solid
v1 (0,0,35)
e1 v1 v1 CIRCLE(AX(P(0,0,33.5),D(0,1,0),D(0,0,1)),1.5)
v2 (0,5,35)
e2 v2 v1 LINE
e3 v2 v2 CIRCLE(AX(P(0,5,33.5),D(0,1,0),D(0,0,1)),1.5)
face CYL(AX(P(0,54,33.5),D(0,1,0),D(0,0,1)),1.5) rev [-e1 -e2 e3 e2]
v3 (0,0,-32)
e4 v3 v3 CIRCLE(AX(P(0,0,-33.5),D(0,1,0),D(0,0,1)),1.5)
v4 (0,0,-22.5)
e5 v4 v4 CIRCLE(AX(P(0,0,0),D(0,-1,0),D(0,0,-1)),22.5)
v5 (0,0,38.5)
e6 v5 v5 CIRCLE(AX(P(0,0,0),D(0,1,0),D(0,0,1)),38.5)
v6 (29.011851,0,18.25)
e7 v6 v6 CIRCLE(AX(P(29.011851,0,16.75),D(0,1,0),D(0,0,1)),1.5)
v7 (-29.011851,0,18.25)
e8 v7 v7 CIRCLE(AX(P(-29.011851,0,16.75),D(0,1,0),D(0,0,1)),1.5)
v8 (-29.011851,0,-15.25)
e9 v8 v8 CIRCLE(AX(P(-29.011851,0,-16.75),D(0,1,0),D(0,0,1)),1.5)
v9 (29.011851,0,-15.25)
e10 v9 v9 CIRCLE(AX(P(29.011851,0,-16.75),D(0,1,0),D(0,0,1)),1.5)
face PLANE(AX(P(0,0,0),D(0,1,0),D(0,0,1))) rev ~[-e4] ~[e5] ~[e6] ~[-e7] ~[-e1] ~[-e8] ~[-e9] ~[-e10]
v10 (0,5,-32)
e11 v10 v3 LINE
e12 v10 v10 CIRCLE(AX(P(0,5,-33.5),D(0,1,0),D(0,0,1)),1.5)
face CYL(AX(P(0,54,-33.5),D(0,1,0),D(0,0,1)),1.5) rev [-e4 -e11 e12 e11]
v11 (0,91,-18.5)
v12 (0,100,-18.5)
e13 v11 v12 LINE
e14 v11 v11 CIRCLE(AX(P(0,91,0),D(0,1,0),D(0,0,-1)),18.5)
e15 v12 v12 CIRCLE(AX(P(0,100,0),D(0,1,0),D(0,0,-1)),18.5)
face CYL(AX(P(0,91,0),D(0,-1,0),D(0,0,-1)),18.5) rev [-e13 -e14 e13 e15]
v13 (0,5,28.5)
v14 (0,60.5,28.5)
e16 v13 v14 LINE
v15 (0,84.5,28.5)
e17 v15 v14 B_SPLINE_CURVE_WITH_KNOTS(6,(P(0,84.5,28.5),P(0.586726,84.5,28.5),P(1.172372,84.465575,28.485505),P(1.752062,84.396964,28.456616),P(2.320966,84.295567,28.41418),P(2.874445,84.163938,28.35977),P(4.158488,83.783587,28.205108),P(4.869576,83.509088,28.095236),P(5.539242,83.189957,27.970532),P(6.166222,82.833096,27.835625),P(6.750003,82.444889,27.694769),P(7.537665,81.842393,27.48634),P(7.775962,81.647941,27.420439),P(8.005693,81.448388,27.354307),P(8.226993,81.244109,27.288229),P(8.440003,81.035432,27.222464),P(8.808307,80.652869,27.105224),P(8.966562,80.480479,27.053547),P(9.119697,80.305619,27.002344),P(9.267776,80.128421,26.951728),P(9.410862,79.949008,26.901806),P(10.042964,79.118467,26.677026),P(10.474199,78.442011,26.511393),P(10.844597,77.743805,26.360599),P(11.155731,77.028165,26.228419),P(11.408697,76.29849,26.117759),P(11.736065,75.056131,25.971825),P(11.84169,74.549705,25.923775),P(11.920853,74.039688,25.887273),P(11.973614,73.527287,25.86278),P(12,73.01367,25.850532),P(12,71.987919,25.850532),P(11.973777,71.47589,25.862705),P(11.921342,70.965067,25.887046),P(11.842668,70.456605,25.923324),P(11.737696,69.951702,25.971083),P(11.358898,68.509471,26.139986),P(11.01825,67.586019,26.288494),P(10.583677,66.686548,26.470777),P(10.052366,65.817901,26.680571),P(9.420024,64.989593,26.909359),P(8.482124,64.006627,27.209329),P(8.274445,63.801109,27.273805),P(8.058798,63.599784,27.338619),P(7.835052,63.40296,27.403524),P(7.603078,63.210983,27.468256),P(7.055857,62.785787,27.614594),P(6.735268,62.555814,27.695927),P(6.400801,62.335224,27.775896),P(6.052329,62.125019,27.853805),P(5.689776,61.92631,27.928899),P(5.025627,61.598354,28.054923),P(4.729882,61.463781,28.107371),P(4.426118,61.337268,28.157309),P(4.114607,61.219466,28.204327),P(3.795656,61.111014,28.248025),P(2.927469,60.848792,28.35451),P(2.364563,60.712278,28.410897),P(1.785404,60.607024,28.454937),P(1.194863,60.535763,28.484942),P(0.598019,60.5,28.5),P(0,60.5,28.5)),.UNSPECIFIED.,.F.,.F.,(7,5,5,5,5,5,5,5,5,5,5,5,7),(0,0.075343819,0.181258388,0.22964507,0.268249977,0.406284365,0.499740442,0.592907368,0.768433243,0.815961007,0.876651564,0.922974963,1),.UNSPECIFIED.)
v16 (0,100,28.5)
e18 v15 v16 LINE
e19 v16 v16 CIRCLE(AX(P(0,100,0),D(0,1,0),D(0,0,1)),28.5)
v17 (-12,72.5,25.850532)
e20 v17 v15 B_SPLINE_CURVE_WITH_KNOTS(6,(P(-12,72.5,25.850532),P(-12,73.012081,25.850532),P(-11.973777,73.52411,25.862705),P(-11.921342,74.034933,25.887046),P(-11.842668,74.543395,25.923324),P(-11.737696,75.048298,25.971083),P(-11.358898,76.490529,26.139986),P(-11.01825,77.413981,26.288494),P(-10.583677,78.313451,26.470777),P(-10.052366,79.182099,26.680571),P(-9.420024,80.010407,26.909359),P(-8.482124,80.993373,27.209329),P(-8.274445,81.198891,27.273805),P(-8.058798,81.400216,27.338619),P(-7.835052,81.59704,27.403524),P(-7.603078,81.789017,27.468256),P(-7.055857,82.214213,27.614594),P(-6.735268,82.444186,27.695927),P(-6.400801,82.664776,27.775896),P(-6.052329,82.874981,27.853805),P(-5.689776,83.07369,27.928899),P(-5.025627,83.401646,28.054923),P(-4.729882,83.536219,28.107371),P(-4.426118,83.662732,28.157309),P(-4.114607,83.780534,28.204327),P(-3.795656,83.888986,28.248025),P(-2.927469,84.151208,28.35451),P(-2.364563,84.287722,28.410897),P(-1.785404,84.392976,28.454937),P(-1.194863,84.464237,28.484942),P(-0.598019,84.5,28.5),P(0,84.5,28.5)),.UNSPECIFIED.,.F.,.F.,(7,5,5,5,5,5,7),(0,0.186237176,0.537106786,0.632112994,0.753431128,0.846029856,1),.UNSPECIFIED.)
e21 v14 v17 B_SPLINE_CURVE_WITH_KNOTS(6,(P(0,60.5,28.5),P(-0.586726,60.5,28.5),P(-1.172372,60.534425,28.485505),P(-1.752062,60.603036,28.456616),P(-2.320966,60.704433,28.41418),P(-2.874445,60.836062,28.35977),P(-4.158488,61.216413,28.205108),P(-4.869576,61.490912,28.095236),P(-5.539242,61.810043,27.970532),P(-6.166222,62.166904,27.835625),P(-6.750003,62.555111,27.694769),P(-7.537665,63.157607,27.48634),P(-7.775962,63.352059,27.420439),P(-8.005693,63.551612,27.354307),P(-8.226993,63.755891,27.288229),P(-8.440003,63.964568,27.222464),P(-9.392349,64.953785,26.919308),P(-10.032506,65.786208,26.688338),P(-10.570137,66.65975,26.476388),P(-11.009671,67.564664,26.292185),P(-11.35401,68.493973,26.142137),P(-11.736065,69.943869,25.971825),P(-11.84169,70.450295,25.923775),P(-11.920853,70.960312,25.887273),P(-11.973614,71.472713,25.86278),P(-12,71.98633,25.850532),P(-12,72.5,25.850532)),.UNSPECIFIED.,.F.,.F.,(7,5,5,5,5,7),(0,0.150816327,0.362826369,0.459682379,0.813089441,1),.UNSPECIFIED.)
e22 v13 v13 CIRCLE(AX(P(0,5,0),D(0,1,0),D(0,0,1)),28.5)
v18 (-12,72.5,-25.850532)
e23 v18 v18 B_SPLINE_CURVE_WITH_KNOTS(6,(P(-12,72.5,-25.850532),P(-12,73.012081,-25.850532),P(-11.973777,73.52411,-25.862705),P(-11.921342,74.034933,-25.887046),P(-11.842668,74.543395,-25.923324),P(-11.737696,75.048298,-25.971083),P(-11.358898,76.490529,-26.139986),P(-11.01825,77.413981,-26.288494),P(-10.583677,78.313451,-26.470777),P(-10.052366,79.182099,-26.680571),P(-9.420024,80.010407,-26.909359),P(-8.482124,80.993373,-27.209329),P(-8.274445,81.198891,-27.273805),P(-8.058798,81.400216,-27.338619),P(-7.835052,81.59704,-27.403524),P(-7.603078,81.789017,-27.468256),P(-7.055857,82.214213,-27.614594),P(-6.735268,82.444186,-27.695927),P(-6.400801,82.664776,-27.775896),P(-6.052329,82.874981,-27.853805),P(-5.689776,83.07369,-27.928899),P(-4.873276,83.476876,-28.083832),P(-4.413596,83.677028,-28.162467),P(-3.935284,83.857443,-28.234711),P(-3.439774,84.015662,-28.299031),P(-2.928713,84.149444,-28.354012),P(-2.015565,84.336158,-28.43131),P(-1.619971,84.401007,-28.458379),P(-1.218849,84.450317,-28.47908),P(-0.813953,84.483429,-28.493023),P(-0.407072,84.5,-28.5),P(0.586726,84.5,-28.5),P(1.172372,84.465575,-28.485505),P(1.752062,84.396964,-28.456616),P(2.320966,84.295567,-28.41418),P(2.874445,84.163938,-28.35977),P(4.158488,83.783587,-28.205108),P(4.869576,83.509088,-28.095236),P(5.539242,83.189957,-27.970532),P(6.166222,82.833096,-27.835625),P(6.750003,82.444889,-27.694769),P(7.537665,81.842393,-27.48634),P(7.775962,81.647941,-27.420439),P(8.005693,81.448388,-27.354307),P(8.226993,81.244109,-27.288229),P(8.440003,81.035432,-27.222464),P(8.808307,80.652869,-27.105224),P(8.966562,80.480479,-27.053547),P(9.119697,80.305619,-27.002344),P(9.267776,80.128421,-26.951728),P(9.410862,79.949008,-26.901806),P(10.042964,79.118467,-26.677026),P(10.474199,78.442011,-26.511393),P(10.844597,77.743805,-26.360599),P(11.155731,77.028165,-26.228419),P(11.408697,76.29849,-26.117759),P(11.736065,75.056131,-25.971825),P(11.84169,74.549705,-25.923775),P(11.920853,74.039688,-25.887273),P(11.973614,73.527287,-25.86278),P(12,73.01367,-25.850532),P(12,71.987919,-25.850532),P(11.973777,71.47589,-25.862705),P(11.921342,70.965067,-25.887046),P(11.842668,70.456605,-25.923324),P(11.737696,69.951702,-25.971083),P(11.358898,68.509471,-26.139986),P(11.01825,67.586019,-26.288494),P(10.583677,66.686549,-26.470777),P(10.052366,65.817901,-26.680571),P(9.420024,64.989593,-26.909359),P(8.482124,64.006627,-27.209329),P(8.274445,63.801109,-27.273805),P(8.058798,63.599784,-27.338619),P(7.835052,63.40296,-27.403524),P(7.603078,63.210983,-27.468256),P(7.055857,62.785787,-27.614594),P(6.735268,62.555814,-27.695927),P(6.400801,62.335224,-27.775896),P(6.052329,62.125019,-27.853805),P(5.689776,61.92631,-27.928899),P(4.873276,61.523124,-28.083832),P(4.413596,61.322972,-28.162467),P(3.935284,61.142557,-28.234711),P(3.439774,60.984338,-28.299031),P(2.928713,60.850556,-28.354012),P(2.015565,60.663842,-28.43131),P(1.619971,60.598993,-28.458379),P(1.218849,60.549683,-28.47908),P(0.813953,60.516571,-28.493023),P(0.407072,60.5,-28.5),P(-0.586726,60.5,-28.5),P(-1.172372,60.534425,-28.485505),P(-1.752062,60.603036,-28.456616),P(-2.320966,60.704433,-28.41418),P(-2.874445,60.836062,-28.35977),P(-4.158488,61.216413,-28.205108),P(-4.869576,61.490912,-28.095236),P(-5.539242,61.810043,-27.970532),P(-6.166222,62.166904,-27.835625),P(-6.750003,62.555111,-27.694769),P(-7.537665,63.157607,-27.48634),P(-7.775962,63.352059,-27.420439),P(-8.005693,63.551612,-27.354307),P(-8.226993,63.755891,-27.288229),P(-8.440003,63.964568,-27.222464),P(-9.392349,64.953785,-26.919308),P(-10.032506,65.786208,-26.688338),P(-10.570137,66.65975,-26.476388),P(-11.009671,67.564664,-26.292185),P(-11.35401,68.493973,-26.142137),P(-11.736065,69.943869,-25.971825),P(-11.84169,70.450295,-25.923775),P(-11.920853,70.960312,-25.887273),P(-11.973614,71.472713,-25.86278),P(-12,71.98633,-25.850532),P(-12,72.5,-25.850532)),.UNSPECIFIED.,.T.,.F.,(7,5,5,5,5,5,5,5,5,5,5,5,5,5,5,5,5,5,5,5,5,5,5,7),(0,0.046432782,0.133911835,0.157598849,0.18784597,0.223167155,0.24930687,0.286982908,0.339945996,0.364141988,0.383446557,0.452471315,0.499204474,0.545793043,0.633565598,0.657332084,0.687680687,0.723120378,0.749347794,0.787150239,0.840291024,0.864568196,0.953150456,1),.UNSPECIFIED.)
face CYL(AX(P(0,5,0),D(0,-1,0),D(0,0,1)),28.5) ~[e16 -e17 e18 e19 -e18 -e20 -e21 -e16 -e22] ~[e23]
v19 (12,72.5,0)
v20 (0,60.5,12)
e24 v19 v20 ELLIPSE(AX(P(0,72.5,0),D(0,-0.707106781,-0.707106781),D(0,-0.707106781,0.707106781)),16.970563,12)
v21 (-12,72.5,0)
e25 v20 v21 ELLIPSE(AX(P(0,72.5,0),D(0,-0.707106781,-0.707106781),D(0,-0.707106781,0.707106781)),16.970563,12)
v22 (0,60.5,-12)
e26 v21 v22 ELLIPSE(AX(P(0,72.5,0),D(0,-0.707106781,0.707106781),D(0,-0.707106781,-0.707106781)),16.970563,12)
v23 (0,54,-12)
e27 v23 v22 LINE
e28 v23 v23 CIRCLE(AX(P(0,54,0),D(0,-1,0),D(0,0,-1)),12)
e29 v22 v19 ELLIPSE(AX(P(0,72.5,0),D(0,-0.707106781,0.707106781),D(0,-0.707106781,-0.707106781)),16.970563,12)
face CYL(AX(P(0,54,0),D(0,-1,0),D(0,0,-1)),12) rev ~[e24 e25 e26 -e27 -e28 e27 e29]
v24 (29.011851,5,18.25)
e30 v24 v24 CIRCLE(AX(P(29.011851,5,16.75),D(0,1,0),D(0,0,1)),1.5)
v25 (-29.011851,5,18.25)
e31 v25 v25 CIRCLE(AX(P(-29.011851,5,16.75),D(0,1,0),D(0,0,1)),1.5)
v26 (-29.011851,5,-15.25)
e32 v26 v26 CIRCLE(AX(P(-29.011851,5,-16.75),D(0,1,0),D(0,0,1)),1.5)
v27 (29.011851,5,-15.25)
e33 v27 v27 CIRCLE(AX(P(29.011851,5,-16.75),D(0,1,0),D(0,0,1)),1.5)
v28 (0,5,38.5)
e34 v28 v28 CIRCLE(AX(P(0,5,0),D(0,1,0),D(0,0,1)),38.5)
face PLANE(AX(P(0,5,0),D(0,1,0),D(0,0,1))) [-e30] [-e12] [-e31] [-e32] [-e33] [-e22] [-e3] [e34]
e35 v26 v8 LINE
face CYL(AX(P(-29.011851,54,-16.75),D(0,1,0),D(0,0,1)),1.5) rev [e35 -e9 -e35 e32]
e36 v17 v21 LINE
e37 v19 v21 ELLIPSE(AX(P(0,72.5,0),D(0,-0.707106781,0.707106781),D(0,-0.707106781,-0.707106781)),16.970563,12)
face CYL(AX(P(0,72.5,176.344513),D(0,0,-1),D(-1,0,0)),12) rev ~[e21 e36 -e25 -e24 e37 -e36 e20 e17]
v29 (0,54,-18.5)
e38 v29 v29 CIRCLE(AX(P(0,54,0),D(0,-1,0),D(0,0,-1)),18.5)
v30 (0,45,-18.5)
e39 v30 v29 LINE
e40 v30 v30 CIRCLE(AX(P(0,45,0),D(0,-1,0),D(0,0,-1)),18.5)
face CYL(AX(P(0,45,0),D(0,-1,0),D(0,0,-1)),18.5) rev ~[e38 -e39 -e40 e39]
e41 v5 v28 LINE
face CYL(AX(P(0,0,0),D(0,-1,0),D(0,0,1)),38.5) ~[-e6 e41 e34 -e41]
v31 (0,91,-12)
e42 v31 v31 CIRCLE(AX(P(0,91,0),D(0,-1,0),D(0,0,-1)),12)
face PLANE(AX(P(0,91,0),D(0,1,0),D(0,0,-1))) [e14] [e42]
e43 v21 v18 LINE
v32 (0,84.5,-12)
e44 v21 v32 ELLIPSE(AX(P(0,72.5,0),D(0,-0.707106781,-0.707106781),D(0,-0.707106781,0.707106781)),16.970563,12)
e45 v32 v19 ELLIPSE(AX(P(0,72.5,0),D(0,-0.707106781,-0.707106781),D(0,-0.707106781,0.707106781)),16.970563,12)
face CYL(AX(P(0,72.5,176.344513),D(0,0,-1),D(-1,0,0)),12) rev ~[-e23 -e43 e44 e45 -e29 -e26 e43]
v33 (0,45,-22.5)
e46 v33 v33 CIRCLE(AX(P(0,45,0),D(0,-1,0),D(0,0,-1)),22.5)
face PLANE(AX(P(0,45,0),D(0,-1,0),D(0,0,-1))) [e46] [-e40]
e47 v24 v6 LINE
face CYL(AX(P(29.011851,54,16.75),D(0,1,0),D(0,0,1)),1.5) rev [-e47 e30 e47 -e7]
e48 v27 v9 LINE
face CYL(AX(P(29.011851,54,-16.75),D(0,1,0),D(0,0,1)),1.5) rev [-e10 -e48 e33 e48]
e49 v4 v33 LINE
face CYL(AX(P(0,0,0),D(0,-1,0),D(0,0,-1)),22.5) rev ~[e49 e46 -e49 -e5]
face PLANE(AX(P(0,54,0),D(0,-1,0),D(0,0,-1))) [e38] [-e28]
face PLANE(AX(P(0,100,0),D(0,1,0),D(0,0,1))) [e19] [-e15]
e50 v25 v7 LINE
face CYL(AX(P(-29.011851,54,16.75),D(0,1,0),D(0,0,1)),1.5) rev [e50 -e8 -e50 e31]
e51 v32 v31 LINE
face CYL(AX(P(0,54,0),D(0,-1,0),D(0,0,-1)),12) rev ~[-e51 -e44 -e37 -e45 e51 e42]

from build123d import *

# Parameters (mm, degrees)
ESQUISSE1_R             = 38.5
BOSS_EXTRU_1_DEPTH      = 100
ENL_V_START             = -95
ESQUISSE2_R             = 38.5
ESQUISSE2_R_2           = 28.5
ENL_V_MAT_EXTRU_1_DEPTH = 95
ESQUISSE4_R             = 22.5
ENL_V_MAT_EXTRU_2_DEPTH = 45
ESQUISSE5_R             = 18.5
ENL_V_MAT_EXTRU_3_DEPTH = 9
ESQUISSE6_R             = 12
ENL_V_MAT_EXTRU_4_DEPTH = 77.684418235
D_GAGEMENT_M222_D       = 24
ESQUISSE14_R            = 1.5
ENL_V_MAT_EXTRU_8_DEPTH = 77.684418235
ENL_V_START_2           = -9
ESQUISSE16_R            = 18.5
ENL_V_MAT_EXTRU_9_DEPTH = 9


with BuildPart() as part:
    # Esquisse1 → Boss.-Extru.1 (new body)
    with BuildSketch(Plane(origin=(0, 0, 0), x_dir=(1, 0, 0), z_dir=(0, 1, 0))):
        with Locations(Location((0, 0, 0), (0, 0, 270))):
            Circle(ESQUISSE1_R)
    extrude(amount=BOSS_EXTRU_1_DEPTH)

    # Esquisse2 → Enlèv. mat.-Extru.1 (cut)
    with BuildSketch(Plane(origin=(0, 100, 0), x_dir=(1, 0, 0), z_dir=(0, 1, 0)).offset(ENL_V_START)):
        with Locations(Location((0, 0, 0), (0, 0, 270))):
            Circle(ESQUISSE2_R)
        with Locations(Location((0, 0, 0), (0, 0, 270))):
            Circle(ESQUISSE2_R_2, mode=Mode.SUBTRACT)
    extrude(amount=ENL_V_MAT_EXTRU_1_DEPTH, mode=Mode.SUBTRACT)

    # Esquisse4 → Enlèv. mat.-Extru.2 (cut)
    with BuildSketch(Plane(origin=(0, 0, 0), x_dir=(-1, 0, 0), z_dir=(0, -1, 0))):
        with Locations(Location((0, 0, 0), (0, 0, 90))):
            Circle(ESQUISSE4_R)
    extrude(amount=-ENL_V_MAT_EXTRU_2_DEPTH, mode=Mode.SUBTRACT)

    # Esquisse5 → Enlèv. mat.-Extru.3 (cut)
    with BuildSketch(Plane(origin=(0, 45, 0), x_dir=(-1, 0, 0), z_dir=(0, -1, 0))):
        with Locations(Location((0, 0, 0), (0, 0, 90))):
            Circle(ESQUISSE5_R)
    extrude(amount=-ENL_V_MAT_EXTRU_3_DEPTH, mode=Mode.SUBTRACT)

    # Esquisse6 → Enlèv. mat.-Extru.4 (cut, through all)
    with BuildSketch(Plane(origin=(0, 54, 0), x_dir=(-1, 0, 0), z_dir=(0, -1, 0))):
        with Locations(Location((0, 0, 0), (0, 0, 90))):
            Circle(ESQUISSE6_R)
    extrude(amount=-ENL_V_MAT_EXTRU_4_DEPTH, mode=Mode.SUBTRACT)

    # Dégagement M222 (through all)
    with Locations(Plane(origin=(0, 72.5, 28.5), x_dir=(1, 0, 0), z_dir=(0, 0, 1))):
        with Locations((0, 0)):
            Hole(D_GAGEMENT_M222_D / 2)

    # Esquisse14 → Enlèv. mat.-Extru.8 (cut, through all)
    with BuildSketch(Plane(origin=(0, 54, 0), x_dir=(-1, 0, 0), z_dir=(0, -1, 0))):
        with Locations(Location((0, -33.5, 0), (0, 0, 270))):
            Circle(ESQUISSE14_R)
        with Locations(Location((-29.011851027, -16.75, 0), (0, 0, 270))):
            Circle(ESQUISSE14_R)
        with Locations(Location((-29.011851027, 16.75, 0), (0, 0, 270))):
            Circle(ESQUISSE14_R)
        with Locations(Location((0, 33.5, 0), (0, 0, 270))):
            Circle(ESQUISSE14_R)
        with Locations(Location((29.011851027, 16.75, 0), (0, 0, 270))):
            Circle(ESQUISSE14_R)
        with Locations(Location((29.011851027, -16.75, 0), (0, 0, 270))):
            Circle(ESQUISSE14_R)
    extrude(amount=ENL_V_MAT_EXTRU_8_DEPTH, mode=Mode.SUBTRACT)

    # Esquisse16 → Enlèv. mat.-Extru.9 (cut)
    with BuildSketch(Plane(origin=(0, 100, 0), x_dir=(1, 0, 0), z_dir=(0, 1, 0)).offset(ENL_V_START_2)):
        with Locations(Location((0, 0, 0), (0, 0, 90))):
            Circle(ESQUISSE16_R)
    extrude(amount=ENL_V_MAT_EXTRU_9_DEPTH, mode=Mode.SUBTRACT)


solid = part.part
